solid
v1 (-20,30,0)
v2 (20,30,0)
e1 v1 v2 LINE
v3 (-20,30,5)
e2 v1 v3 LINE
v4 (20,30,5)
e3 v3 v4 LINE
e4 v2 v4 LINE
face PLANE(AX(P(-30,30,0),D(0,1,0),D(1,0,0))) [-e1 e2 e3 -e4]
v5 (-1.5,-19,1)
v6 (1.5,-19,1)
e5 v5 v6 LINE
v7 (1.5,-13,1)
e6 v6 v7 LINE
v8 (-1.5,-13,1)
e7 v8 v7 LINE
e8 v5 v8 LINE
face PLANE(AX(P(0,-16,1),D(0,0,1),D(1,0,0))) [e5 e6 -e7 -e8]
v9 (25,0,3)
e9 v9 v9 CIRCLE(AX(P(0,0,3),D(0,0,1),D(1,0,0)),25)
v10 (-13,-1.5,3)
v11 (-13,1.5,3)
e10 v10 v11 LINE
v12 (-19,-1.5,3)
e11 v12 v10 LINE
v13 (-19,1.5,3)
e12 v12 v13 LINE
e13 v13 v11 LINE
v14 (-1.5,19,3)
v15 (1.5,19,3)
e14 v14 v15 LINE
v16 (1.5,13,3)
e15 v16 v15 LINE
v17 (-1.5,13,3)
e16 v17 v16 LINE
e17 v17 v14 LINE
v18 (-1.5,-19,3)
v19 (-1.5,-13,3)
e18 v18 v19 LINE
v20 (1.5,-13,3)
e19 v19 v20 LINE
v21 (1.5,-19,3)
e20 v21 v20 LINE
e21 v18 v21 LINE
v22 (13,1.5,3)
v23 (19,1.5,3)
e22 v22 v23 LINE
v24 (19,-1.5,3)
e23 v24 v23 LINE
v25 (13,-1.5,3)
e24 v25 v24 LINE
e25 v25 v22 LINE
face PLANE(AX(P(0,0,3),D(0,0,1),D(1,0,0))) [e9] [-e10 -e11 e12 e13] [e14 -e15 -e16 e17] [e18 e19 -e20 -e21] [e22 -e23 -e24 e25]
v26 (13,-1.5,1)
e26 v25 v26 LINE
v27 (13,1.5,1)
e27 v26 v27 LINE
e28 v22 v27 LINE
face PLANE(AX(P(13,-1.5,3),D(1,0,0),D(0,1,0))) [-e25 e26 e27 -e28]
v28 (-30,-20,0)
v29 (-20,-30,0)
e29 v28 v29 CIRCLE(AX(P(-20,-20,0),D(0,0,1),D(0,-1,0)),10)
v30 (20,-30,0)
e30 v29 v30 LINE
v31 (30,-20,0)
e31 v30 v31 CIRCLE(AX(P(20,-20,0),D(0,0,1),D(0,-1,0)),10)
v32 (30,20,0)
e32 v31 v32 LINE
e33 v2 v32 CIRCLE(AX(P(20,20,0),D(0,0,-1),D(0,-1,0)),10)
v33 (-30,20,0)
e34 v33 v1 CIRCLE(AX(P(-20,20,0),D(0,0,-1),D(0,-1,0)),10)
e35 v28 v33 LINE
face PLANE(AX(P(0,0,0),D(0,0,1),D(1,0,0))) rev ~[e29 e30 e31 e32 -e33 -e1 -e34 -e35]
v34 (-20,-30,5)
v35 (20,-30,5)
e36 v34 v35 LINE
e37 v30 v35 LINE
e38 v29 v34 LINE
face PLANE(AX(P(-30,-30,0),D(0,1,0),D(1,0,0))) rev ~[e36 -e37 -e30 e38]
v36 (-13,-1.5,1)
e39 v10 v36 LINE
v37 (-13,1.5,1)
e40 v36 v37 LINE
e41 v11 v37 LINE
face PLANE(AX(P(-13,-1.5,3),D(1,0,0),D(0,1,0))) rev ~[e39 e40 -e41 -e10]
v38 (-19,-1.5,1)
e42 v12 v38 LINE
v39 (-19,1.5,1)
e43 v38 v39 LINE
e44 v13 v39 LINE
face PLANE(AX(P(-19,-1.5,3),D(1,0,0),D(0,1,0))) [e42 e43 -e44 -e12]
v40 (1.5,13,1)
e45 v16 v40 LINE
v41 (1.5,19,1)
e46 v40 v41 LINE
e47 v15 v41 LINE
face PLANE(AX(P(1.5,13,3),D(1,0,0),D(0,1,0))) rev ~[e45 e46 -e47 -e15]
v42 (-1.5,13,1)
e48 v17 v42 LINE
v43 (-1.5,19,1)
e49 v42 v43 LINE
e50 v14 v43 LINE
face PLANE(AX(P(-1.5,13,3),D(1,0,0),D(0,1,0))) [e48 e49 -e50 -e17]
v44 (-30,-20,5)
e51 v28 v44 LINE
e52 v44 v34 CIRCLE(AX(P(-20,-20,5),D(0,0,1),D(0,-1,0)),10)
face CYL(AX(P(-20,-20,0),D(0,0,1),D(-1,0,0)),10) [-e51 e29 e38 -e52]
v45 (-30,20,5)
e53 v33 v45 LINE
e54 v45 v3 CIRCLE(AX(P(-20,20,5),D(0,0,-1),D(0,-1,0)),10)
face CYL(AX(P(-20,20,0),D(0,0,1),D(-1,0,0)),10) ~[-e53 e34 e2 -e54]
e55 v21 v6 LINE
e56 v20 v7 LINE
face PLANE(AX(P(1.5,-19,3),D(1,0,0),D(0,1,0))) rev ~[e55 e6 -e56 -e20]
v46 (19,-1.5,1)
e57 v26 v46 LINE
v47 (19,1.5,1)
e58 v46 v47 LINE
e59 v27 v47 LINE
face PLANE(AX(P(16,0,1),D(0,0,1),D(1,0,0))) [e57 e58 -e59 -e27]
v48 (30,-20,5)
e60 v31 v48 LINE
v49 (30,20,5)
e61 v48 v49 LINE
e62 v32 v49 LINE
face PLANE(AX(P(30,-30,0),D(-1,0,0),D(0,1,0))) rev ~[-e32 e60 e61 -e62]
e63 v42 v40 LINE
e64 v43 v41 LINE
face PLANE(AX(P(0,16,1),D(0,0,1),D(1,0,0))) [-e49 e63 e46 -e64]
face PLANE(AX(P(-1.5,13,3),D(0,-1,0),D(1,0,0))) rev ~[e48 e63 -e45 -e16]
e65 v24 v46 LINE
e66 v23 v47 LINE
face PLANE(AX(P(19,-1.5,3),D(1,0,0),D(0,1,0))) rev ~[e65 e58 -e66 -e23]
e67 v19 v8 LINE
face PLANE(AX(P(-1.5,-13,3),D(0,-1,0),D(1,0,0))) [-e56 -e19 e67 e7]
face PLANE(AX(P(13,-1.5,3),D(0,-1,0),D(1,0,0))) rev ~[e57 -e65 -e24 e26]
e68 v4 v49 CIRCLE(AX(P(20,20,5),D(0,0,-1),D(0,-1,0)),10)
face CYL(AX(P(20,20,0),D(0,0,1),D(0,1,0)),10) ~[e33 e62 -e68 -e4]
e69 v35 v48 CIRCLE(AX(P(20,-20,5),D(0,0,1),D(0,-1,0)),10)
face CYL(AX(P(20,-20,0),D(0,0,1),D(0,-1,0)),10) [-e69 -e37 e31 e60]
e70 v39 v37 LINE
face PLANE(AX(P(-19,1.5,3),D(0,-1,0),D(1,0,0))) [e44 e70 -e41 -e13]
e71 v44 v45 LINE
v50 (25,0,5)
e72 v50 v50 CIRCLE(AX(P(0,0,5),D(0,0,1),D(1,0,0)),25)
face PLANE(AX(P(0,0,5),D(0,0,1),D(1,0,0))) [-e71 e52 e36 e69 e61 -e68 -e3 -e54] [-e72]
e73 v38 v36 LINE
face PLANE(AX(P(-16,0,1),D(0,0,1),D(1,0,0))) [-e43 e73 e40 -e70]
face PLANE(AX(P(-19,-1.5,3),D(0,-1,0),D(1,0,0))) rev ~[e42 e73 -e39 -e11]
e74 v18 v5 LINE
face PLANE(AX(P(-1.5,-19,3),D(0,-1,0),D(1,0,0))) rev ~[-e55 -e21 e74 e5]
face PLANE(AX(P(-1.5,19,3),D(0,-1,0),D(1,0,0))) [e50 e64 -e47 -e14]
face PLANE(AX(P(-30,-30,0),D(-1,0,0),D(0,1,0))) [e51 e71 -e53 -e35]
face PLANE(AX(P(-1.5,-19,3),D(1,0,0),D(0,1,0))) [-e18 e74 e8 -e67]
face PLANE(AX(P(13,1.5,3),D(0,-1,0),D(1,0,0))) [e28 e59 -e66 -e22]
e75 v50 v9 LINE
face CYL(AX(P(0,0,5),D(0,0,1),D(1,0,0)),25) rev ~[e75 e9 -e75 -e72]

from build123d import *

# Parameters (mm, degrees)
F0_W     = 60
F0_H     = 60
F1_DEPTH = 5
F2_R     = 25
F3_DEPTH = 2
F4_R     = 25
F5_DEPTH = 2
F6_R     = 10
F7_W     = 3
F7_H     = 6
F7_W_2   = 6
F7_H_2   = 3
F8_DEPTH = 2


with BuildPart() as f1:
    # F0 (on Top) → F1 (new body)
    with BuildSketch(Plane.XY):
        Rectangle(F0_W, F0_H)
    extrude(amount=F1_DEPTH)

    # F2 (on face) → F3 (join)
    with BuildSketch(Plane.XY.offset(5)):
        Circle(F2_R)
    extrude(amount=-F3_DEPTH)

    # F4 (on face) → F5 (cut)
    with BuildSketch(Plane.XY.offset(5)):
        Circle(F4_R)
    extrude(amount=-F5_DEPTH, mode=Mode.SUBTRACT)

    # F6
    f6_edges = [f1.edges().sort_by_distance(p)[0] for p in [
        (-30, -30, 2.5),
        (-30, 30, 2.5),
        (30, 30, 2.5),
        (30, -30, 2.5),
    ]]
    fillet(f6_edges, radius=F6_R)

    # F7 (on face) → F8 (cut)
    with BuildSketch(Plane.XY.offset(3)):
        with Locations((0, 16)):
            Rectangle(F7_W, F7_H)
        with Locations((-16, 0)):
            Rectangle(F7_W_2, F7_H_2)
        with Locations((0, -16)):
            Rectangle(F7_W, F7_H)
        with Locations((16, 0)):
            Rectangle(F7_W_2, F7_H_2)
    extrude(amount=-F8_DEPTH, mode=Mode.SUBTRACT)


solid = f1.part
